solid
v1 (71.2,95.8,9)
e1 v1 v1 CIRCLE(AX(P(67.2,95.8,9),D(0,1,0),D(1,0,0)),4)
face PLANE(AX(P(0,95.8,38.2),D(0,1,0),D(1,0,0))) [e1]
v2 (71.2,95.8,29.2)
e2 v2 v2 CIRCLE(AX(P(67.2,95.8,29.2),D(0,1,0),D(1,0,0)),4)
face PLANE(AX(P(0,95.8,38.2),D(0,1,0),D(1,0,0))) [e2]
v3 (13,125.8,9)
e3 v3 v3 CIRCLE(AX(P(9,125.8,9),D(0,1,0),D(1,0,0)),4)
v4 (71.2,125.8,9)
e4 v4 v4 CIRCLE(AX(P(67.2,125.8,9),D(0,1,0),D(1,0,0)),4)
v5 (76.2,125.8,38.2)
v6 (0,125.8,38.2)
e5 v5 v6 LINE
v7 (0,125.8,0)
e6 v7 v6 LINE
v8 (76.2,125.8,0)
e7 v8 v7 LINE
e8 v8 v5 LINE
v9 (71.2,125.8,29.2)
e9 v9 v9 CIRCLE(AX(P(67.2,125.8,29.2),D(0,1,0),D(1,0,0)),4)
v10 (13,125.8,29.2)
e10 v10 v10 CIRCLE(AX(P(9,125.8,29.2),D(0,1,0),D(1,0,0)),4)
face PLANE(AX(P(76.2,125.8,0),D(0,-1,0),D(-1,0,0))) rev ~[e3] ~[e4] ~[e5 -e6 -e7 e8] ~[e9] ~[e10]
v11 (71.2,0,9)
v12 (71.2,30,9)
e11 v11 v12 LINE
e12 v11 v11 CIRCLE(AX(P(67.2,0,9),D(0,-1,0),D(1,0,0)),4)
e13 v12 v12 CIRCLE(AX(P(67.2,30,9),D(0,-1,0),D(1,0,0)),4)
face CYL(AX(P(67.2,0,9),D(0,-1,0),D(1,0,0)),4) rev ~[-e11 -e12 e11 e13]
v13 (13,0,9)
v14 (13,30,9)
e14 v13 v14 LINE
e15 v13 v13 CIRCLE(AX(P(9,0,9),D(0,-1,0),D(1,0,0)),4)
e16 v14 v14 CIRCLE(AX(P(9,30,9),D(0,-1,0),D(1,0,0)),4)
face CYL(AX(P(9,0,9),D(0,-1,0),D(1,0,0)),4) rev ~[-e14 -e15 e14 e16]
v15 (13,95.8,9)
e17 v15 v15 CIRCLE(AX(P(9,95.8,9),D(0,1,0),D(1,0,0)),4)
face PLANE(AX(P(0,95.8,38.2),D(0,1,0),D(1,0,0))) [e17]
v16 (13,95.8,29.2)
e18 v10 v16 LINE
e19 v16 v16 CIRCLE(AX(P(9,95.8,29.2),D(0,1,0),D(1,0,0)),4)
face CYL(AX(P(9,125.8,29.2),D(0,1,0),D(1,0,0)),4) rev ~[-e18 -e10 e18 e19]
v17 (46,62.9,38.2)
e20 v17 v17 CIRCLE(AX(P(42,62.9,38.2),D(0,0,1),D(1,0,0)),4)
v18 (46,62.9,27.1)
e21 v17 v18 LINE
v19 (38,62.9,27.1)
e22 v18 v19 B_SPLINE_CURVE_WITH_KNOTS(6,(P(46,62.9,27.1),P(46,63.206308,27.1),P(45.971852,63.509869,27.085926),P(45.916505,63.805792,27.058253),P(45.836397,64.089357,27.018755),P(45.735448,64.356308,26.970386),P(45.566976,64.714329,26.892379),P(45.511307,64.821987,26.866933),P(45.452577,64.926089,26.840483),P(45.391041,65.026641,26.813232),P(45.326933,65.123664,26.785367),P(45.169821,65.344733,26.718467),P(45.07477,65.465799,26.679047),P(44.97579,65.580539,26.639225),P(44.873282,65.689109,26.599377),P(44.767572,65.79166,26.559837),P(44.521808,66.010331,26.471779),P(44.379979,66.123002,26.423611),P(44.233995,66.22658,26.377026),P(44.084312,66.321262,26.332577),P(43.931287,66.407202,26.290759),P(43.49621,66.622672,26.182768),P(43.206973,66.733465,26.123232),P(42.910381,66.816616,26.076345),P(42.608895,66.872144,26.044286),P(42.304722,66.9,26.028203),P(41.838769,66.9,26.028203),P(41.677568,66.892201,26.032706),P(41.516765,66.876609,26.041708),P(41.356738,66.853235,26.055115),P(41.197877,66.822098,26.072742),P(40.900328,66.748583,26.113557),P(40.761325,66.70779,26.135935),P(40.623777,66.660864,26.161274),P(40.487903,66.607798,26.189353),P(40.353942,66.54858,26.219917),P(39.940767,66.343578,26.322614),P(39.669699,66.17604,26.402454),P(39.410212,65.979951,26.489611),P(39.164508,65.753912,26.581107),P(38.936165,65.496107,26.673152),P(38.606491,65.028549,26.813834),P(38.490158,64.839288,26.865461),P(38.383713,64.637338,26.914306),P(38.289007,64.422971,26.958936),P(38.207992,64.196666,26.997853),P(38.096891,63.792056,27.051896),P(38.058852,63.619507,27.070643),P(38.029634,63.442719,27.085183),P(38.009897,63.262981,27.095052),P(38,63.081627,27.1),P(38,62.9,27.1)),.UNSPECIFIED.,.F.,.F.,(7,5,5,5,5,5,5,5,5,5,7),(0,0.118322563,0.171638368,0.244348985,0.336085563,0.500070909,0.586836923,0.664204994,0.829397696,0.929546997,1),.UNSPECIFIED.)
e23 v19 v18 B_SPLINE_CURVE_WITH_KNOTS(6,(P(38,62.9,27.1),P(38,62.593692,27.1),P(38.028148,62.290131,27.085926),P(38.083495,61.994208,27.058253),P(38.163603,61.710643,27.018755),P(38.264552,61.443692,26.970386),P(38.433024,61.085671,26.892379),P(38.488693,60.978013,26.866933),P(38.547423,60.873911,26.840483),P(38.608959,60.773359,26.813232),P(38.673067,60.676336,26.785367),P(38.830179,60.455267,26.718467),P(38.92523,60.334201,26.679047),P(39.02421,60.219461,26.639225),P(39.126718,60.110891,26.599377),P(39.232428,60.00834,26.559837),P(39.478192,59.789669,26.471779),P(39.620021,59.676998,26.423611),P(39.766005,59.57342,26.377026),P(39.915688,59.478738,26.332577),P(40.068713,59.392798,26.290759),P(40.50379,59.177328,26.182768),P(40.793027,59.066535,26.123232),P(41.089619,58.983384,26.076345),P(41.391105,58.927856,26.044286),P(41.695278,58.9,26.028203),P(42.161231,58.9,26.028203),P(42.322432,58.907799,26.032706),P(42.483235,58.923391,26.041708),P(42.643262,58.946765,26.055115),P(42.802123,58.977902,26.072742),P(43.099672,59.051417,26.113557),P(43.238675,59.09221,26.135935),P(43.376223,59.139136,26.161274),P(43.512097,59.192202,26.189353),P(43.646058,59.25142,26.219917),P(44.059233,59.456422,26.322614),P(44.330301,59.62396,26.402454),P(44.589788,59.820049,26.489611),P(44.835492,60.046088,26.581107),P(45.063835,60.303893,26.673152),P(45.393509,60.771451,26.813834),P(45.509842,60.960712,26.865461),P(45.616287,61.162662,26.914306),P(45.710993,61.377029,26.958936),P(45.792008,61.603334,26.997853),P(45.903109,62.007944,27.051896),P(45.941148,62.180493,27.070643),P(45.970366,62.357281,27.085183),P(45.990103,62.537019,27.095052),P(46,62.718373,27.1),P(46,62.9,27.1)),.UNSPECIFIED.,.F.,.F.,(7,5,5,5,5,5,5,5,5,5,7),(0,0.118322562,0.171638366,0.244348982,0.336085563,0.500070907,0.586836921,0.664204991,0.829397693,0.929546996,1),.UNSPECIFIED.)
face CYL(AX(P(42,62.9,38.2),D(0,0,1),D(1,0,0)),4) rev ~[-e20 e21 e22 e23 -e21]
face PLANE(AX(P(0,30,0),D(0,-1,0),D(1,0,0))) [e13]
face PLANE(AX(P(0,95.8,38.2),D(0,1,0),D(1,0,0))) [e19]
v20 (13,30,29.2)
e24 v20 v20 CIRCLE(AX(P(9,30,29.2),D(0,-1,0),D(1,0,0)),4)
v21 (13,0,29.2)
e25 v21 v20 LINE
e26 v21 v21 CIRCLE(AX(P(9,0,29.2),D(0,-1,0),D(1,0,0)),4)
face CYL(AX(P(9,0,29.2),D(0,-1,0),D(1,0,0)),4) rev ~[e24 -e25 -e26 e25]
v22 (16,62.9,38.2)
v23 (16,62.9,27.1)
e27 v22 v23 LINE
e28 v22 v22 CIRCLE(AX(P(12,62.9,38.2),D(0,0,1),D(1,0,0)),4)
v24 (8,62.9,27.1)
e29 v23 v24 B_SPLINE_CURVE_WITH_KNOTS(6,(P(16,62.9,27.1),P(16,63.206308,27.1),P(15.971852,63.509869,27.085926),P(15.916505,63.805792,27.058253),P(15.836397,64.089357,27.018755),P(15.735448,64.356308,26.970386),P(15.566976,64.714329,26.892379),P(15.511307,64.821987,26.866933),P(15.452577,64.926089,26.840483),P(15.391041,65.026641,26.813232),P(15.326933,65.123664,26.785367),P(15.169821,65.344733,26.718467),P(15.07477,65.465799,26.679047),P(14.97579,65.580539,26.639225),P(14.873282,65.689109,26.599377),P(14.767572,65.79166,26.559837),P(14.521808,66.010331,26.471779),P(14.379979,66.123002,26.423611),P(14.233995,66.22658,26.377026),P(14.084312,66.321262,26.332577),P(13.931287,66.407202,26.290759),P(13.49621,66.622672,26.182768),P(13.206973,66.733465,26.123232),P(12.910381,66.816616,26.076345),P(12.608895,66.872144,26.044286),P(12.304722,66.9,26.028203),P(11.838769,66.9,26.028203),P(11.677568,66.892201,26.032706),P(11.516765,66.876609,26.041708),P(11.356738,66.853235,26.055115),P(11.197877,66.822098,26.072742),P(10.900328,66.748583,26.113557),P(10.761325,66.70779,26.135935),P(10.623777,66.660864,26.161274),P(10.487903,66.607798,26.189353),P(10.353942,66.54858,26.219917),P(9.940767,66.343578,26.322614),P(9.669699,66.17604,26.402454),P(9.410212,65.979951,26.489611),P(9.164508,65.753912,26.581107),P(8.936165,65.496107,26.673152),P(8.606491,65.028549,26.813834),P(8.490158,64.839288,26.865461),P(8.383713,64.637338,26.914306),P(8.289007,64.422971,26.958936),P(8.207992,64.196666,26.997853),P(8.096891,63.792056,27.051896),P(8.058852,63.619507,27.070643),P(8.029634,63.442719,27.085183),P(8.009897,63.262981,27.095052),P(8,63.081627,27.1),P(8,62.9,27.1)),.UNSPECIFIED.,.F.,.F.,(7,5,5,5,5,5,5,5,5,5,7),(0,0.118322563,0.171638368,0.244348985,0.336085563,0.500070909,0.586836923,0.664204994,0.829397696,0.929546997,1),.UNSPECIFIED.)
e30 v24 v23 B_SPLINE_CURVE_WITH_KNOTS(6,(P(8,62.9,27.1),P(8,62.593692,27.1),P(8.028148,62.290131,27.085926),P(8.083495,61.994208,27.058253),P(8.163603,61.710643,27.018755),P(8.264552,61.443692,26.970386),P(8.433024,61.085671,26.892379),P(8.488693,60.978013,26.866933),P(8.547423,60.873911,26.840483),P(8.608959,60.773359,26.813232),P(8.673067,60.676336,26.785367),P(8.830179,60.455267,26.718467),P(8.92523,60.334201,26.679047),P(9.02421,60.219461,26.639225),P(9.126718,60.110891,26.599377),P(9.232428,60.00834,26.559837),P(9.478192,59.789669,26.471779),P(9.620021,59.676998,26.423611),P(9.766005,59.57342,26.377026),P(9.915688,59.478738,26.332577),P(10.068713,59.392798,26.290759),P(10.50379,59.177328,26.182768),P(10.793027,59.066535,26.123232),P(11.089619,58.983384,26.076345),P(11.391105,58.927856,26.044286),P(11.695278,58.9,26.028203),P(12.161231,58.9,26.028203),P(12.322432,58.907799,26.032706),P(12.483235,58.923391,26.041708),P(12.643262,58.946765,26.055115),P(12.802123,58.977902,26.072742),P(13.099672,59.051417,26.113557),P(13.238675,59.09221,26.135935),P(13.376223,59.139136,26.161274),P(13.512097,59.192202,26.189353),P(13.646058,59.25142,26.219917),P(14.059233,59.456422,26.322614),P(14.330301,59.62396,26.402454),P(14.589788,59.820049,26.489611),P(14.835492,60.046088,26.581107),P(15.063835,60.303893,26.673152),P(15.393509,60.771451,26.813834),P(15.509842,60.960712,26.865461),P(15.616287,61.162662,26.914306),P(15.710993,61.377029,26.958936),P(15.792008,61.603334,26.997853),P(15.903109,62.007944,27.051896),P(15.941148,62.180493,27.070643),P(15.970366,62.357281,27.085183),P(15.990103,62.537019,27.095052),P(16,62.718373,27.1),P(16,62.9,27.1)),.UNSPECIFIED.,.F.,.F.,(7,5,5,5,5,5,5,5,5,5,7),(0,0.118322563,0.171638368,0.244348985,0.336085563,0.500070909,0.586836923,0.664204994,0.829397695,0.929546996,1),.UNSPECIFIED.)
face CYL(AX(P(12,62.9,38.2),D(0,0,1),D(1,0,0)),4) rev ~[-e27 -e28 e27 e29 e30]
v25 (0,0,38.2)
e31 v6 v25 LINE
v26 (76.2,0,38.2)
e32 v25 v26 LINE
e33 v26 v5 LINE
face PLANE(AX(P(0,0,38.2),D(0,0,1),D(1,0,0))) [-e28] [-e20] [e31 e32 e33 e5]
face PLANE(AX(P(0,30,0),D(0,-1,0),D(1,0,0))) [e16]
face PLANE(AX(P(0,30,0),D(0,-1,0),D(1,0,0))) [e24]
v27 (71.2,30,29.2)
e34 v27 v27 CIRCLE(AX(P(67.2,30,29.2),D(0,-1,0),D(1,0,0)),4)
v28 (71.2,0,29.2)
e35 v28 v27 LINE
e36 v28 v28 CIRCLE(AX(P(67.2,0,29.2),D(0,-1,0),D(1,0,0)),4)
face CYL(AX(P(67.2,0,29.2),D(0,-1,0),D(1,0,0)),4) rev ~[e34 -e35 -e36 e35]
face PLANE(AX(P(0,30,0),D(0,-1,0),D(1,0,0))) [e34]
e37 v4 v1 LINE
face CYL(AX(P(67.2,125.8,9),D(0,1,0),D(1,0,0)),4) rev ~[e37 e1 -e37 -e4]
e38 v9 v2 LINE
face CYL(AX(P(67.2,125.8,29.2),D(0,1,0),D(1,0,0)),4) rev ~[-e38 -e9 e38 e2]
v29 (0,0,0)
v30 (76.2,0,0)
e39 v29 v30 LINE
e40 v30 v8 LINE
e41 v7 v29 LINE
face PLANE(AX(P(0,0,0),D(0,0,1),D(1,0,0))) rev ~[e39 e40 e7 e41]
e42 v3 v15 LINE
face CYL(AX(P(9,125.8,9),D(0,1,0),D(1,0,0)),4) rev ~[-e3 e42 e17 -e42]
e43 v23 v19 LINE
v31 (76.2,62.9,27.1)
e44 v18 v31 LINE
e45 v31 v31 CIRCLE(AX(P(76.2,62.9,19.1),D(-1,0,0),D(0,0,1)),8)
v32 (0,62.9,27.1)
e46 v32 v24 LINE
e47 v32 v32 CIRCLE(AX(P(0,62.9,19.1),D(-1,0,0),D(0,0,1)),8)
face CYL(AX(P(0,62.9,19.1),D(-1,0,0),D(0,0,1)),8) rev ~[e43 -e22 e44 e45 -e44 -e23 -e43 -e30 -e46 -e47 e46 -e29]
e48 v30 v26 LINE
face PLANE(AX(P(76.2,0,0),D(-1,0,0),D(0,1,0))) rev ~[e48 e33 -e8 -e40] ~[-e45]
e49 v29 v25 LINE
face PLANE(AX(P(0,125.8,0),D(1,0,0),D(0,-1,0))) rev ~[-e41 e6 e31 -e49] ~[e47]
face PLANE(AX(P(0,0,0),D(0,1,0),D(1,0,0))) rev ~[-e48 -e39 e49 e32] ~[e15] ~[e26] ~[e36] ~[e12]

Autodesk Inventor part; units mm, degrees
ref_plane "YZ Plane" through (0, 0, 0) normal (1, 0, 0) x (0, 1, 0)
ref_plane "XZ Plane" through (0, 0, 0) normal (0, 1, 0) x (-1, 0, 0)
ref_plane "XY Plane" through (0, 0, 0) normal (0, 0, 1) x (1, 0, 0)
sketch "Sketch1" plane through (0, 0, 0) normal (0, 0, 1) x (1, 0, 0)
  line L0 (0, 0) -> (76.2, 0)
  line L1 (76.2, 0) -> (76.2, 125.8)
  line L2 (76.2, 125.8) -> (0, 125.8)
  line L3 (0, 125.8) -> (0, 0)
  circle A0 centre (12, 62.9) radius 4
  circle A1 centre (42, 62.9) radius 4
  dimension "d0" = 76.2
  dimension "d1" = 125.8
  dimension "d2" = 8
  dimension "d3" = 8
  dimension "d4" = 12
  dimension "d5" = 42
  dimension "d6" = 62.9
  dimension "d7" = 62.9
extrude "Extrusion1" add sketch "Sketch1" along normal blind 38.2 contours L3 L2 L1 L0 | A0 | A1
sketch "Sketch2" plane through (0, 0, 38.2) normal (0, 0, 1) x (1, 0, 0)
  line L0 (0, 0) -> (76.2, 0)
  line L1 (76.2, 0) -> (76.2, 125.8)
  line L2 (76.2, 125.8) -> (0, 125.8)
  line L3 (0, 125.8) -> (0, 0)
  circle A0 centre (12, 62.9) radius 4
  circle A1 centre (42, 62.9) radius 4
  dimension "d17" = 76.2
  dimension "d16" = 125.8
  dimension "d13" = 8
  dimension "d10" = 8
  dimension "d15" = 12
  dimension "d12" = 42
  dimension "d11" = 62.9
  dimension "d14" = 62.9
extrude "Extrusion2" cut sketch "Sketch2" against normal blind 19.1 contours A0 | A1
sketch "Sketch3" plane through (0, 0, 0) normal (-1, 0, 0) x (0, 0, 1)
  circle A0 centre (19.1, 62.9) radius 8
  line L0 (38.2, 125.8) -> (38.2, 0) projected
  line L1 (0, 0) -> (38.2, 0) projected
  dimension "d21" = 16
  dimension "d22" = 19.1
  dimension "d23" = 62.9
extrude "Extrusion3" cut sketch "Sketch3" against normal up to next
thread "Thread1" size "M8x1.25" class "6H" standard "ANSI Metric M Profile" full length
thread "Thread2" size "M8x1.25" class "6H" standard "ANSI Metric M Profile" full length
sketch "Sketch4" plane through (0, 0, 0) normal (0, -1, 0) x (1, 0, 0)
  circle A0 centre (9, 29.2) radius 4
  circle A1 centre (9, 9) radius 4
  circle A2 centre (67.2, 29.2) radius 4
  circle A3 centre (67.2, 9) radius 4
  line L0 (0, 38.2) -> (76.2, 38.2) projected
  line L1 (0, 0) -> (0, 38.2) projected
  dimension "d33" = 8
  dimension "d34" = 8
  dimension "d35" = 8
  dimension "d36" = 8
  dimension "d41" = 20.2
  dimension "d42" = 58.2
  dimension "d45" = 20.2
  dimension "d46" = 58.2
  dimension "d48" = 9
  dimension "d49" = 9
  dimension "d51" = 9
  dimension "d52" = 9
extrude "Extrusion4" cut sketch "Sketch4" against normal blind 30
sketch "Sketch5" plane through (0, 125.8, 38.2) normal (0, 1, 0) x (1, 0, 0)
  circle A0 centre (67.2, 29.2) radius 4
  circle A1 centre (67.2, 9) radius 4
  circle A2 centre (9, 29.2) radius 4
  circle A3 centre (9, 9) radius 4
  line L0 (0, 38.2) -> (76.2, 38.2)
  line L1 (0, 0) -> (0, 38.2)
  dimension "d56" = 8
  dimension "d55" = 8
  dimension "d64" = 8
  dimension "d63" = 8
  dimension "d65" = 20.2
  dimension "d59" = 58.2
  dimension "d58" = 20.2
  dimension "d62" = 58.2
  dimension "d61" = 9
  dimension "d66" = 9
  dimension "d60" = 9
  dimension "d57" = 9
extrude "Extrusion5" cut sketch "Sketch5" against normal blind 30
thread "Thread3" size "M8x1.25" class "6H" standard "ANSI Metric M Profile" full length
thread "Thread4" size "M8x1.25" class "6H" standard "ANSI Metric M Profile" full length
thread "Thread5" size "M8x1.25" class "6H" standard "ANSI Metric M Profile" full length
thread "Thread6" size "M8x1.25" class "6H" standard "ANSI Metric M Profile" full length
thread "Thread7" size "M8x1.25" class "6H" standard "ANSI Metric M Profile" full length
thread "Thread8" size "M8x1.25" class "6H" standard "ANSI Metric M Profile" full length
thread "Thread9" size "M8x1.25" class "6H" standard "ANSI Metric M Profile" full length
thread "Thread10" size "M8x1.25" class "6H" standard "ANSI Metric M Profile" full length
properties part number "MotorMountRight" material "Aluminum 6061"
